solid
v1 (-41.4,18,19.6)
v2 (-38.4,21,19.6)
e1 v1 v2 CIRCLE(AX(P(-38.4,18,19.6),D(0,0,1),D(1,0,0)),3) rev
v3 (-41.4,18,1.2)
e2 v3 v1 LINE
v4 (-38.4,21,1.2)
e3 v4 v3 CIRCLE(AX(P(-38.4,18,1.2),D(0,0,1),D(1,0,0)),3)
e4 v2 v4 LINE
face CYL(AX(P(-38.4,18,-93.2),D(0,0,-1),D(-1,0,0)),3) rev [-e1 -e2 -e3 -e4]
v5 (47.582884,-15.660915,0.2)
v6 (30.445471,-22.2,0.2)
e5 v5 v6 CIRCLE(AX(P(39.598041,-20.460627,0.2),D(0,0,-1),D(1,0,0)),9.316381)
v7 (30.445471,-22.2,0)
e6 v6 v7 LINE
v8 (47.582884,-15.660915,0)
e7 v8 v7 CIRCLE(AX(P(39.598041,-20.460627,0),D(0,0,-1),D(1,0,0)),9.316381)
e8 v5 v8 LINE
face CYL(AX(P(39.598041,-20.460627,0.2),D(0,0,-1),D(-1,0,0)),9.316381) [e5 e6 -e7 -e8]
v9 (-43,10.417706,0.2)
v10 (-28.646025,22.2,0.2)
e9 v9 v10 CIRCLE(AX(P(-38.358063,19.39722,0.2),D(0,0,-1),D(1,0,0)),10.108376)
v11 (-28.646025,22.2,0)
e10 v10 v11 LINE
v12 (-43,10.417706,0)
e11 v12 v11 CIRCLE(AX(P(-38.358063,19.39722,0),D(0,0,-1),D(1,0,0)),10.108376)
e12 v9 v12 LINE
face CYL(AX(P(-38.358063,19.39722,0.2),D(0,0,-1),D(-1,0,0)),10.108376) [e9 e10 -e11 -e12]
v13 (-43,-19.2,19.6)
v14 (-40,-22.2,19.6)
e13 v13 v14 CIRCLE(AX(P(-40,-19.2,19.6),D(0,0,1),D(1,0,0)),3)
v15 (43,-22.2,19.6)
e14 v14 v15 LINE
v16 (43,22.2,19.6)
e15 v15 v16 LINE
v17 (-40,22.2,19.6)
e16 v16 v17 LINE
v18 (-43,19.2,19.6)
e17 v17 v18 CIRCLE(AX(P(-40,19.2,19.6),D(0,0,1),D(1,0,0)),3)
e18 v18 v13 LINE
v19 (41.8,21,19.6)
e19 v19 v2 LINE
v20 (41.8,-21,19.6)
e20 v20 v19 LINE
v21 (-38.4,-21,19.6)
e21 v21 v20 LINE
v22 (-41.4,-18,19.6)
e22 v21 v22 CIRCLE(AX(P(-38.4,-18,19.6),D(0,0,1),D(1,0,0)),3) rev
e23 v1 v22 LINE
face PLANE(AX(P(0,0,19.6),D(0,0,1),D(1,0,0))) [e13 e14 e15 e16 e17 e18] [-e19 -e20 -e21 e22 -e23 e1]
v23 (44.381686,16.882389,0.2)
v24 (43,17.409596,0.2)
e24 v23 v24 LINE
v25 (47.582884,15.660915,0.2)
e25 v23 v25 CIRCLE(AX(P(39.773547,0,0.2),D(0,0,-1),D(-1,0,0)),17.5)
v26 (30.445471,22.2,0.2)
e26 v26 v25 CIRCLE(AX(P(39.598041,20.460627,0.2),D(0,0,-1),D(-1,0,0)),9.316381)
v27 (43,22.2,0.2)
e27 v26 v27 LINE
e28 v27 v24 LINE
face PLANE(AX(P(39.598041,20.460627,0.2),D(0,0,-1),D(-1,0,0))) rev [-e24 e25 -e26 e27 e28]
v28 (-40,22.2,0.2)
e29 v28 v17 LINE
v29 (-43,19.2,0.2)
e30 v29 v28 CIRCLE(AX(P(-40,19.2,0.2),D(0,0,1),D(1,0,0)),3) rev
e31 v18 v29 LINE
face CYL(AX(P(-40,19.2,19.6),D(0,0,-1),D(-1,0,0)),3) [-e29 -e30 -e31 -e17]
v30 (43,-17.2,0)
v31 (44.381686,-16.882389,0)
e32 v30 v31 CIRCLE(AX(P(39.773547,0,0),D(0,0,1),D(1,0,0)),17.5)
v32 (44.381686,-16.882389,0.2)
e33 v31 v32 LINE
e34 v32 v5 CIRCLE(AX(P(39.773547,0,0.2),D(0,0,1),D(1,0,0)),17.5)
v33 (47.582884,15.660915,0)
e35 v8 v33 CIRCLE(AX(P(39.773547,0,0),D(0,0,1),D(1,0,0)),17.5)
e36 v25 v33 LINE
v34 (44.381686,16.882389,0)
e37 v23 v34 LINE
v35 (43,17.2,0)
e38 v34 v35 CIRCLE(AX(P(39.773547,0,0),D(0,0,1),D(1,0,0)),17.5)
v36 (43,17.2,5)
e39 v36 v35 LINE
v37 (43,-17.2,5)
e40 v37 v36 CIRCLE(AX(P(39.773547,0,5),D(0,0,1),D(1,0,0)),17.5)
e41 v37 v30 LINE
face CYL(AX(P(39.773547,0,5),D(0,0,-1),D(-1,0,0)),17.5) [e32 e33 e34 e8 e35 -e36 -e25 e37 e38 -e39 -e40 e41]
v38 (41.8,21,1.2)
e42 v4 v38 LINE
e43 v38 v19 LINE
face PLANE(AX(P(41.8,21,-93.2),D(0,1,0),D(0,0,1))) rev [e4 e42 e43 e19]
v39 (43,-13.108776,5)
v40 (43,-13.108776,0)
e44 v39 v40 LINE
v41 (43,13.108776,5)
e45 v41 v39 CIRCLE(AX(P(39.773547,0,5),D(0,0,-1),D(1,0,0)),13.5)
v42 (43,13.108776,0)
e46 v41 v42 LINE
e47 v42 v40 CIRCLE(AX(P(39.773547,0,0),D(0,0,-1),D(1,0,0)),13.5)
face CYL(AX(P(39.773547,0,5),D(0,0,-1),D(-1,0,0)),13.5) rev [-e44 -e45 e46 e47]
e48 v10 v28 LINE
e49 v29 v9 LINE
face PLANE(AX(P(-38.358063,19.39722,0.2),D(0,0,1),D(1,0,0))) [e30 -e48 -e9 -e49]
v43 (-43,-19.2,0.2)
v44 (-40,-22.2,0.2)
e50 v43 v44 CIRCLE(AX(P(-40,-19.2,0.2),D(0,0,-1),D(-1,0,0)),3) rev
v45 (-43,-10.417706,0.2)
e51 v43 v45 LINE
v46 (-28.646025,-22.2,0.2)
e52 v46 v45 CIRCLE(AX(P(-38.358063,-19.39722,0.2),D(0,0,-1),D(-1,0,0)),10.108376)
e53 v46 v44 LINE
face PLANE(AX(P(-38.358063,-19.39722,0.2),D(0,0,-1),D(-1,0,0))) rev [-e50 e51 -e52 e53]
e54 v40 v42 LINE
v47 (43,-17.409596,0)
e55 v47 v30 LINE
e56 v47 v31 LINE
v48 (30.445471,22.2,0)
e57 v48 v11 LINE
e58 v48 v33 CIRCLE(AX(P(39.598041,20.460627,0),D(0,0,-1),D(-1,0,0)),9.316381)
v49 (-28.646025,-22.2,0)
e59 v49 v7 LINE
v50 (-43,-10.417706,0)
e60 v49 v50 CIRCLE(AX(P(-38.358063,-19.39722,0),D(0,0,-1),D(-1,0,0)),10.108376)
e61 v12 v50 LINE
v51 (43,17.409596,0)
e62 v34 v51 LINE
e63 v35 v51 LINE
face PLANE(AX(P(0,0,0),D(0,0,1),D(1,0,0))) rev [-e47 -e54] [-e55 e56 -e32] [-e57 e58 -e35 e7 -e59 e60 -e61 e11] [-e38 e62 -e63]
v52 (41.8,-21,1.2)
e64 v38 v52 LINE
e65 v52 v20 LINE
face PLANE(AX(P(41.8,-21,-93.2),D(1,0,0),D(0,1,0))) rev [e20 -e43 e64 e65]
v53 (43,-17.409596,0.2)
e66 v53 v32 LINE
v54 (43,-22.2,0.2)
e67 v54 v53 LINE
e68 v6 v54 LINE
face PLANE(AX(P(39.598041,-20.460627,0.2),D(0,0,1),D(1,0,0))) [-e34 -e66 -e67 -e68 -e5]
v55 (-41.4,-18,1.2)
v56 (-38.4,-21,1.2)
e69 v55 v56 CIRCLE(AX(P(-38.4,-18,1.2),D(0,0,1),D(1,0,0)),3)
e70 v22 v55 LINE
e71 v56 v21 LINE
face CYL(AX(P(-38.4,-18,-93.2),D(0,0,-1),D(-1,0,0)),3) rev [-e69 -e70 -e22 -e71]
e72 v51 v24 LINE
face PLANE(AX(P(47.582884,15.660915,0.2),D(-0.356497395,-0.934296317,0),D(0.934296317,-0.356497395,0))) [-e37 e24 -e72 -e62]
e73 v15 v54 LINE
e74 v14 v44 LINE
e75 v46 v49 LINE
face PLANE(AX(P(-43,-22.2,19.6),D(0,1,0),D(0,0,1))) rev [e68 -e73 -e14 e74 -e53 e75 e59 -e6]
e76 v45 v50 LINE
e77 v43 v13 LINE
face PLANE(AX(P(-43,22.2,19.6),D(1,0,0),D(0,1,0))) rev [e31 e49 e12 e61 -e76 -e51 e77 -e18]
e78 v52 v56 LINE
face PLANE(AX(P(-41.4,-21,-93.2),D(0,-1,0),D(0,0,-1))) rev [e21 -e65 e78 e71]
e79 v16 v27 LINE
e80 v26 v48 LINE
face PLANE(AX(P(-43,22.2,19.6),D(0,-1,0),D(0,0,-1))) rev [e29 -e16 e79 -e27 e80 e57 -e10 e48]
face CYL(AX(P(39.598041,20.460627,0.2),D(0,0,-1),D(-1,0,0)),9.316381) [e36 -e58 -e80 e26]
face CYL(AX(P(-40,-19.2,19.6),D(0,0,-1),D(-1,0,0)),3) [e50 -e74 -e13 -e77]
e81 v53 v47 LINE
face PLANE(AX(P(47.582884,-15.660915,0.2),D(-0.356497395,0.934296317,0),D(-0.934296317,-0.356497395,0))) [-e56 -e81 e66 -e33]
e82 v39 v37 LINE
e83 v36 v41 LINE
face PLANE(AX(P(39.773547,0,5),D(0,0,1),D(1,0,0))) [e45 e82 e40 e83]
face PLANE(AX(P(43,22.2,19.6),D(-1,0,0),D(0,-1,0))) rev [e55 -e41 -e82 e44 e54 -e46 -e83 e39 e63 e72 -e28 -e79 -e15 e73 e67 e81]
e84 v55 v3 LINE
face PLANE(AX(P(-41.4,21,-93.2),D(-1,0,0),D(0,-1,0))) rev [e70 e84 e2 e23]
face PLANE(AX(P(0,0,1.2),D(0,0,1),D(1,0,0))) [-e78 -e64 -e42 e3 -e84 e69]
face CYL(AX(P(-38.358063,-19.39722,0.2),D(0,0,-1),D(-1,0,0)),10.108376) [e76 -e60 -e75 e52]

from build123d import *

# Parameters (mm, degrees)
SKETCH_1_W          = 86
SKETCH_1_H          = 44.4
EXTRUDE_1_DEPTH     = 19.6
EXTRUDE_2_DEPTH     = 5
SKETCH_3_W          = 83.2
SKETCH_3_H          = 42
CUT_EXTRUDE_1_DEPTH = 18.4
FILLET_1_R          = 3
EXTRUDE_3_DEPTH     = 0.2


with BuildPart() as part:
    # Эскиз1 → Бобышка-Вытянуть1 (new body)
    with BuildSketch(Plane.XY):
        Rectangle(SKETCH_1_W, SKETCH_1_H)
    extrude(amount=EXTRUDE_1_DEPTH)

    # Эскиз2 → Бобышка-Вытянуть2 (add)
    with BuildSketch(Plane.XY):
        with BuildLine():
            Line((43, 17.2), (43, 13.108775687))
            ThreePointArc((43, 13.108775687), (53.273546839, 0), (43, -13.108775687))
            Line((43, -13.108775687), (43, -17.2))
            ThreePointArc((43, -17.2), (57.273546839, 0), (43, 17.2))
        make_face()
    extrude(amount=EXTRUDE_2_DEPTH)

    # Эскиз3 → Вырез-Вытянуть1 (cut)
    with BuildSketch(Plane.XY.offset(19.6)):
        with Locations((0.2, 0)):
            Rectangle(SKETCH_3_W, SKETCH_3_H)
    extrude(amount=-CUT_EXTRUDE_1_DEPTH, mode=Mode.SUBTRACT)

    # Скругление1
    fillet_1_edges = [part.edges().sort_by_distance(p)[0] for p in [
        (-41.4, -21, 10.4),
        (-41.4, 21, 10.4),
        (-43, -22.2, 9.8),
        (-43, 22.2, 9.8),
    ]]
    fillet(fillet_1_edges, radius=FILLET_1_R)

    # Эскиз4 → Бобышка-Вытянуть3 (add)
    with BuildSketch(Plane(origin=(0, 0, 0), x_dir=(-1, 0, 0), z_dir=(0, 0, -1))):
        with BuildLine():
            Line((-47.582884167, 15.66091474), (-30.44547065, 22.2))
            ThreePointArc((-30.44547065, 22.2), (-42.919306358, 29.16488726), (-47.582884167, 15.66091474))
        make_face()
        with BuildLine():
            Line((-47.582884167, -15.66091474), (-30.44547065, -22.2))
            ThreePointArc((-30.44547065, -22.2), (-42.919306358, -29.16488726), (-47.582884167, -15.66091474))
        make_face()
        with BuildLine():
            Line((43, 10.417706136), (28.64602487, 22.2))
            ThreePointArc((28.64602487, 22.2), (44.771493482, 27.210488681), (43, 10.417706136))
        make_face()
        with BuildLine():
            Line((43, -10.417706136), (28.64602487, -22.2))
            ThreePointArc((28.64602487, -22.2), (44.771493482, -27.210488681), (43, -10.417706136))
        make_face()
    extrude(amount=-EXTRUDE_3_DEPTH)


solid = part.part
